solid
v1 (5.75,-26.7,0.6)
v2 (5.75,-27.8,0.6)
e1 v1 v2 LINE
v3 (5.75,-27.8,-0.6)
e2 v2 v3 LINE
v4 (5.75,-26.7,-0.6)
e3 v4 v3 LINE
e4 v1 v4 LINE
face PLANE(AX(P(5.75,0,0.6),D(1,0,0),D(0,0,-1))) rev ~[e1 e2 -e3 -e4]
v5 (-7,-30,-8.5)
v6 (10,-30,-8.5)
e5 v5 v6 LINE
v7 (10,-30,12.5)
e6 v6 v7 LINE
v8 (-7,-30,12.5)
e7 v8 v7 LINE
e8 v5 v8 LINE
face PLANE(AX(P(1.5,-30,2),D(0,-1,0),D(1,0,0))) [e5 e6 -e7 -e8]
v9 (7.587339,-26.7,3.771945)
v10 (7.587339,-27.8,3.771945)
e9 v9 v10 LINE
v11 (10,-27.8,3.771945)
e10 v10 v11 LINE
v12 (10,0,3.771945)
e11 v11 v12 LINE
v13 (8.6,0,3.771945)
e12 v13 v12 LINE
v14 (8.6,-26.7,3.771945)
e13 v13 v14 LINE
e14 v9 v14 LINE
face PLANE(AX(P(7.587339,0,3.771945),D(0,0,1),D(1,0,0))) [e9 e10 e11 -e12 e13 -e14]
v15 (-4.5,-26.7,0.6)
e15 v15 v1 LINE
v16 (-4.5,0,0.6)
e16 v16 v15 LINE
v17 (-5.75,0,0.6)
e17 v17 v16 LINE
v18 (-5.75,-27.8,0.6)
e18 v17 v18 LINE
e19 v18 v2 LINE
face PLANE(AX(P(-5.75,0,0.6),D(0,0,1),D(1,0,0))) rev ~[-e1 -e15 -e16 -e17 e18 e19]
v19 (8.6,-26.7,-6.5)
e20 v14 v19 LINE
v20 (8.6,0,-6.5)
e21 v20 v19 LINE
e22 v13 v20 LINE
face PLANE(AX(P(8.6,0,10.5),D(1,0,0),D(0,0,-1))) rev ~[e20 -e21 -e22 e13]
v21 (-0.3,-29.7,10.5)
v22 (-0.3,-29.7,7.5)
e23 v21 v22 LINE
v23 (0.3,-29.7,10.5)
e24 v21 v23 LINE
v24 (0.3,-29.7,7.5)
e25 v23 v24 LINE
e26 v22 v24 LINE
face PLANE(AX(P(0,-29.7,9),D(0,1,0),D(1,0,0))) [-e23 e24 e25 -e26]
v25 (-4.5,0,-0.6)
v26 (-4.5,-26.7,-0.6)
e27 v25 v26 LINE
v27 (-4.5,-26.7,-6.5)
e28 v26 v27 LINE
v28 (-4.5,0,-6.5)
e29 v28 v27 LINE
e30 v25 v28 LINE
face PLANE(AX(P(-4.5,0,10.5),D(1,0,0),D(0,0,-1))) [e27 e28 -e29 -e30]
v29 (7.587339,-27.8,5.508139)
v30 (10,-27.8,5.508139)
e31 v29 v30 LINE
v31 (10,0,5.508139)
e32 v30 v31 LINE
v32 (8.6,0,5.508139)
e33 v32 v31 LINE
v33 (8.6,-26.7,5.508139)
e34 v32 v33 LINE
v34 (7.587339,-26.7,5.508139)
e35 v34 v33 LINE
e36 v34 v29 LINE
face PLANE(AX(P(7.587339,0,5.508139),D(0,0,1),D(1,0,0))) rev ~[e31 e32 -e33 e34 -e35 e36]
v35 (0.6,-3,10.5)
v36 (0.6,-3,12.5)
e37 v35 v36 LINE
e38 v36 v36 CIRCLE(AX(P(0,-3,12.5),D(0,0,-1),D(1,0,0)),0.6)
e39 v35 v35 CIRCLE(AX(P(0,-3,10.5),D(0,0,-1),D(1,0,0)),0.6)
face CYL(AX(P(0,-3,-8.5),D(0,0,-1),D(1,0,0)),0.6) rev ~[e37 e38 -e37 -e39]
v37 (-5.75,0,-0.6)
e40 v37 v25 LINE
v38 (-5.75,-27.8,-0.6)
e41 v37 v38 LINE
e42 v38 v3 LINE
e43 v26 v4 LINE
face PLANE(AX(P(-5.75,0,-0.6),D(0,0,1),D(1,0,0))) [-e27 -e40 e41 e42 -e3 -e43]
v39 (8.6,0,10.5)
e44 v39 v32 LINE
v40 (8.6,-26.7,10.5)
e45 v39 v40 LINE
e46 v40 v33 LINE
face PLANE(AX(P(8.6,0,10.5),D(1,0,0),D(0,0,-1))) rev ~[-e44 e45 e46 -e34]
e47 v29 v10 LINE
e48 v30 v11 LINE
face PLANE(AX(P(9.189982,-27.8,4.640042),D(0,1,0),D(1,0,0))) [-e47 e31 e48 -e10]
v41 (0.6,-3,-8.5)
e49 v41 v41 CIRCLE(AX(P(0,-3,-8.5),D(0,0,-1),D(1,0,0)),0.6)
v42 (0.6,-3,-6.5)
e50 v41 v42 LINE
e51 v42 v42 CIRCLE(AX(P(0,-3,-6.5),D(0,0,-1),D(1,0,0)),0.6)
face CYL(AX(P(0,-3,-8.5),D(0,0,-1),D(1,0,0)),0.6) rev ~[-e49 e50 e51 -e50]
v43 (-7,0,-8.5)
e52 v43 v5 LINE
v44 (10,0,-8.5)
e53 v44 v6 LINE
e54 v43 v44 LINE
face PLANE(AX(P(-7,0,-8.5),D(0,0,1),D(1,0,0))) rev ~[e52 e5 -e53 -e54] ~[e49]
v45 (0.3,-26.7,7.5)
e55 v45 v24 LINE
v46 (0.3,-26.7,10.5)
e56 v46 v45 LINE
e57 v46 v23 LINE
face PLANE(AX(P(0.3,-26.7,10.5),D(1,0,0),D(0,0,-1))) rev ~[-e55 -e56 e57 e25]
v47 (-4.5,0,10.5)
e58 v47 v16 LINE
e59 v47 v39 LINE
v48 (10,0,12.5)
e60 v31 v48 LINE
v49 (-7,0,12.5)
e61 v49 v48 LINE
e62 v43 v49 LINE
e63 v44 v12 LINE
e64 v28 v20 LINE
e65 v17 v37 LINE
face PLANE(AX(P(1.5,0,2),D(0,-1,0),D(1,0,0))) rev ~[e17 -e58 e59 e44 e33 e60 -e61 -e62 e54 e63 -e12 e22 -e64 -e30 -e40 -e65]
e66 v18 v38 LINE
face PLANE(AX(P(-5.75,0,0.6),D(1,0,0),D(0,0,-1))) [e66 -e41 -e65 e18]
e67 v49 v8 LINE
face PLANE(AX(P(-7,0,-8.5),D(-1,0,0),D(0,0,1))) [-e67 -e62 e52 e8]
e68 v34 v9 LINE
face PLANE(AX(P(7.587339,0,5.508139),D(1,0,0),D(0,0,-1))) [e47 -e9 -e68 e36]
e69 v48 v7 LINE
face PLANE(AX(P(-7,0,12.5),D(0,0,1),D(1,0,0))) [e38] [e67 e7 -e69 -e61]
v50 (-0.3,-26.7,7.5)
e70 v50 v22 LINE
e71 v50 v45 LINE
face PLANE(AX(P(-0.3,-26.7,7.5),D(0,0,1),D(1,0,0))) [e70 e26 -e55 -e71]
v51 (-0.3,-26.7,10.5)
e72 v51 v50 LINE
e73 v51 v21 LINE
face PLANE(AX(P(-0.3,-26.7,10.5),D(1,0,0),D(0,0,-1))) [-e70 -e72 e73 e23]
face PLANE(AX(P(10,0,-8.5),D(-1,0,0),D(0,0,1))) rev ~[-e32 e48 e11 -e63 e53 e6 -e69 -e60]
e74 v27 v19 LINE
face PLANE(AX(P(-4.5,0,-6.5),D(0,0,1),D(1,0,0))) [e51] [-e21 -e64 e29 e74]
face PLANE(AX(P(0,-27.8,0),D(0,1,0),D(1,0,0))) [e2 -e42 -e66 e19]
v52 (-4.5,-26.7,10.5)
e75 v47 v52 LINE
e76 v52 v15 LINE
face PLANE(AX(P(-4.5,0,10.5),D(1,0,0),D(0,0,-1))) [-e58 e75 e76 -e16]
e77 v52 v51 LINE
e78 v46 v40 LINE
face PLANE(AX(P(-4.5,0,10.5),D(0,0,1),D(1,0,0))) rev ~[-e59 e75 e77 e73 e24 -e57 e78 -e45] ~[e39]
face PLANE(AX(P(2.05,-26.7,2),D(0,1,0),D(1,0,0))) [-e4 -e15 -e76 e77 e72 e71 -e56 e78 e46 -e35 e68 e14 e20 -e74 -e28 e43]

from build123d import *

# Parameters (mm, degrees)
SKETCH012_W     = 17
SKETCH012_H     = 21
PAD009_DEPTH    = 30
SKETCH013_W     = 13.1
SKETCH013_H     = 17
POCKET001_DEPTH = 26.7
SKETCH014_W     = 11.5
SKETCH014_H     = 1.2
SKETCH014_W_2   = 3.205285
SKETCH014_H_2   = 1.736194
POCKET002_DEPTH = 27.8
SKETCH016_R     = 0.6
POCKET003_DEPTH = 27
SKETCH022_W     = 0.6
SKETCH022_H     = 3
POCKET005_DEPTH = 3


with BuildPart() as part:
    # Sketch012 → Pad009 (new body)
    with BuildSketch(Plane.XZ):
        with Locations((1.5, 2)):
            Rectangle(SKETCH012_W, SKETCH012_H)
    extrude(amount=PAD009_DEPTH)

    # Sketch013 (on Face5 of Pad009) → Pocket001 (cut)
    with BuildSketch(Plane(origin=(0, 0, 0), x_dir=(1, 0, 0), z_dir=(0, 1, 0))):
        with Locations((2.05, -2)):
            Rectangle(SKETCH013_W, SKETCH013_H)
    extrude(amount=-POCKET001_DEPTH, mode=Mode.SUBTRACT)

    # Sketch014 (on Face4 of Pocket001) → Pocket002 (cut)
    with BuildSketch(Plane(origin=(0, 0, 0), x_dir=(1, 0, 0), z_dir=(0, 1, 0))):
        Rectangle(SKETCH014_W, SKETCH014_H)
        with Locations((9.189982, -4.640042)):
            Rectangle(SKETCH014_W_2, SKETCH014_H_2)
    extrude(amount=-POCKET002_DEPTH, mode=Mode.SUBTRACT)

    # Sketch016 (on Face6 of Pocket002) → Pocket003 (cut)
    with BuildSketch(Plane(origin=(0, 0, -8.5), x_dir=(1, 0, 0), z_dir=(0, 0, -1))):
        with Locations((0, 3)):
            Circle(SKETCH016_R)
    extrude(amount=-POCKET003_DEPTH, mode=Mode.SUBTRACT)

    # Sketch022 (on Face21 of Pocket003) → Pocket005 (cut)
    with BuildSketch(Plane(origin=(0, -26.7, 0), x_dir=(1, 0, 0), z_dir=(0, 1, 0))):
        with Locations((0, -9)):
            Rectangle(SKETCH022_W, SKETCH022_H)
    extrude(amount=-POCKET005_DEPTH, mode=Mode.SUBTRACT)


solid = part.part
